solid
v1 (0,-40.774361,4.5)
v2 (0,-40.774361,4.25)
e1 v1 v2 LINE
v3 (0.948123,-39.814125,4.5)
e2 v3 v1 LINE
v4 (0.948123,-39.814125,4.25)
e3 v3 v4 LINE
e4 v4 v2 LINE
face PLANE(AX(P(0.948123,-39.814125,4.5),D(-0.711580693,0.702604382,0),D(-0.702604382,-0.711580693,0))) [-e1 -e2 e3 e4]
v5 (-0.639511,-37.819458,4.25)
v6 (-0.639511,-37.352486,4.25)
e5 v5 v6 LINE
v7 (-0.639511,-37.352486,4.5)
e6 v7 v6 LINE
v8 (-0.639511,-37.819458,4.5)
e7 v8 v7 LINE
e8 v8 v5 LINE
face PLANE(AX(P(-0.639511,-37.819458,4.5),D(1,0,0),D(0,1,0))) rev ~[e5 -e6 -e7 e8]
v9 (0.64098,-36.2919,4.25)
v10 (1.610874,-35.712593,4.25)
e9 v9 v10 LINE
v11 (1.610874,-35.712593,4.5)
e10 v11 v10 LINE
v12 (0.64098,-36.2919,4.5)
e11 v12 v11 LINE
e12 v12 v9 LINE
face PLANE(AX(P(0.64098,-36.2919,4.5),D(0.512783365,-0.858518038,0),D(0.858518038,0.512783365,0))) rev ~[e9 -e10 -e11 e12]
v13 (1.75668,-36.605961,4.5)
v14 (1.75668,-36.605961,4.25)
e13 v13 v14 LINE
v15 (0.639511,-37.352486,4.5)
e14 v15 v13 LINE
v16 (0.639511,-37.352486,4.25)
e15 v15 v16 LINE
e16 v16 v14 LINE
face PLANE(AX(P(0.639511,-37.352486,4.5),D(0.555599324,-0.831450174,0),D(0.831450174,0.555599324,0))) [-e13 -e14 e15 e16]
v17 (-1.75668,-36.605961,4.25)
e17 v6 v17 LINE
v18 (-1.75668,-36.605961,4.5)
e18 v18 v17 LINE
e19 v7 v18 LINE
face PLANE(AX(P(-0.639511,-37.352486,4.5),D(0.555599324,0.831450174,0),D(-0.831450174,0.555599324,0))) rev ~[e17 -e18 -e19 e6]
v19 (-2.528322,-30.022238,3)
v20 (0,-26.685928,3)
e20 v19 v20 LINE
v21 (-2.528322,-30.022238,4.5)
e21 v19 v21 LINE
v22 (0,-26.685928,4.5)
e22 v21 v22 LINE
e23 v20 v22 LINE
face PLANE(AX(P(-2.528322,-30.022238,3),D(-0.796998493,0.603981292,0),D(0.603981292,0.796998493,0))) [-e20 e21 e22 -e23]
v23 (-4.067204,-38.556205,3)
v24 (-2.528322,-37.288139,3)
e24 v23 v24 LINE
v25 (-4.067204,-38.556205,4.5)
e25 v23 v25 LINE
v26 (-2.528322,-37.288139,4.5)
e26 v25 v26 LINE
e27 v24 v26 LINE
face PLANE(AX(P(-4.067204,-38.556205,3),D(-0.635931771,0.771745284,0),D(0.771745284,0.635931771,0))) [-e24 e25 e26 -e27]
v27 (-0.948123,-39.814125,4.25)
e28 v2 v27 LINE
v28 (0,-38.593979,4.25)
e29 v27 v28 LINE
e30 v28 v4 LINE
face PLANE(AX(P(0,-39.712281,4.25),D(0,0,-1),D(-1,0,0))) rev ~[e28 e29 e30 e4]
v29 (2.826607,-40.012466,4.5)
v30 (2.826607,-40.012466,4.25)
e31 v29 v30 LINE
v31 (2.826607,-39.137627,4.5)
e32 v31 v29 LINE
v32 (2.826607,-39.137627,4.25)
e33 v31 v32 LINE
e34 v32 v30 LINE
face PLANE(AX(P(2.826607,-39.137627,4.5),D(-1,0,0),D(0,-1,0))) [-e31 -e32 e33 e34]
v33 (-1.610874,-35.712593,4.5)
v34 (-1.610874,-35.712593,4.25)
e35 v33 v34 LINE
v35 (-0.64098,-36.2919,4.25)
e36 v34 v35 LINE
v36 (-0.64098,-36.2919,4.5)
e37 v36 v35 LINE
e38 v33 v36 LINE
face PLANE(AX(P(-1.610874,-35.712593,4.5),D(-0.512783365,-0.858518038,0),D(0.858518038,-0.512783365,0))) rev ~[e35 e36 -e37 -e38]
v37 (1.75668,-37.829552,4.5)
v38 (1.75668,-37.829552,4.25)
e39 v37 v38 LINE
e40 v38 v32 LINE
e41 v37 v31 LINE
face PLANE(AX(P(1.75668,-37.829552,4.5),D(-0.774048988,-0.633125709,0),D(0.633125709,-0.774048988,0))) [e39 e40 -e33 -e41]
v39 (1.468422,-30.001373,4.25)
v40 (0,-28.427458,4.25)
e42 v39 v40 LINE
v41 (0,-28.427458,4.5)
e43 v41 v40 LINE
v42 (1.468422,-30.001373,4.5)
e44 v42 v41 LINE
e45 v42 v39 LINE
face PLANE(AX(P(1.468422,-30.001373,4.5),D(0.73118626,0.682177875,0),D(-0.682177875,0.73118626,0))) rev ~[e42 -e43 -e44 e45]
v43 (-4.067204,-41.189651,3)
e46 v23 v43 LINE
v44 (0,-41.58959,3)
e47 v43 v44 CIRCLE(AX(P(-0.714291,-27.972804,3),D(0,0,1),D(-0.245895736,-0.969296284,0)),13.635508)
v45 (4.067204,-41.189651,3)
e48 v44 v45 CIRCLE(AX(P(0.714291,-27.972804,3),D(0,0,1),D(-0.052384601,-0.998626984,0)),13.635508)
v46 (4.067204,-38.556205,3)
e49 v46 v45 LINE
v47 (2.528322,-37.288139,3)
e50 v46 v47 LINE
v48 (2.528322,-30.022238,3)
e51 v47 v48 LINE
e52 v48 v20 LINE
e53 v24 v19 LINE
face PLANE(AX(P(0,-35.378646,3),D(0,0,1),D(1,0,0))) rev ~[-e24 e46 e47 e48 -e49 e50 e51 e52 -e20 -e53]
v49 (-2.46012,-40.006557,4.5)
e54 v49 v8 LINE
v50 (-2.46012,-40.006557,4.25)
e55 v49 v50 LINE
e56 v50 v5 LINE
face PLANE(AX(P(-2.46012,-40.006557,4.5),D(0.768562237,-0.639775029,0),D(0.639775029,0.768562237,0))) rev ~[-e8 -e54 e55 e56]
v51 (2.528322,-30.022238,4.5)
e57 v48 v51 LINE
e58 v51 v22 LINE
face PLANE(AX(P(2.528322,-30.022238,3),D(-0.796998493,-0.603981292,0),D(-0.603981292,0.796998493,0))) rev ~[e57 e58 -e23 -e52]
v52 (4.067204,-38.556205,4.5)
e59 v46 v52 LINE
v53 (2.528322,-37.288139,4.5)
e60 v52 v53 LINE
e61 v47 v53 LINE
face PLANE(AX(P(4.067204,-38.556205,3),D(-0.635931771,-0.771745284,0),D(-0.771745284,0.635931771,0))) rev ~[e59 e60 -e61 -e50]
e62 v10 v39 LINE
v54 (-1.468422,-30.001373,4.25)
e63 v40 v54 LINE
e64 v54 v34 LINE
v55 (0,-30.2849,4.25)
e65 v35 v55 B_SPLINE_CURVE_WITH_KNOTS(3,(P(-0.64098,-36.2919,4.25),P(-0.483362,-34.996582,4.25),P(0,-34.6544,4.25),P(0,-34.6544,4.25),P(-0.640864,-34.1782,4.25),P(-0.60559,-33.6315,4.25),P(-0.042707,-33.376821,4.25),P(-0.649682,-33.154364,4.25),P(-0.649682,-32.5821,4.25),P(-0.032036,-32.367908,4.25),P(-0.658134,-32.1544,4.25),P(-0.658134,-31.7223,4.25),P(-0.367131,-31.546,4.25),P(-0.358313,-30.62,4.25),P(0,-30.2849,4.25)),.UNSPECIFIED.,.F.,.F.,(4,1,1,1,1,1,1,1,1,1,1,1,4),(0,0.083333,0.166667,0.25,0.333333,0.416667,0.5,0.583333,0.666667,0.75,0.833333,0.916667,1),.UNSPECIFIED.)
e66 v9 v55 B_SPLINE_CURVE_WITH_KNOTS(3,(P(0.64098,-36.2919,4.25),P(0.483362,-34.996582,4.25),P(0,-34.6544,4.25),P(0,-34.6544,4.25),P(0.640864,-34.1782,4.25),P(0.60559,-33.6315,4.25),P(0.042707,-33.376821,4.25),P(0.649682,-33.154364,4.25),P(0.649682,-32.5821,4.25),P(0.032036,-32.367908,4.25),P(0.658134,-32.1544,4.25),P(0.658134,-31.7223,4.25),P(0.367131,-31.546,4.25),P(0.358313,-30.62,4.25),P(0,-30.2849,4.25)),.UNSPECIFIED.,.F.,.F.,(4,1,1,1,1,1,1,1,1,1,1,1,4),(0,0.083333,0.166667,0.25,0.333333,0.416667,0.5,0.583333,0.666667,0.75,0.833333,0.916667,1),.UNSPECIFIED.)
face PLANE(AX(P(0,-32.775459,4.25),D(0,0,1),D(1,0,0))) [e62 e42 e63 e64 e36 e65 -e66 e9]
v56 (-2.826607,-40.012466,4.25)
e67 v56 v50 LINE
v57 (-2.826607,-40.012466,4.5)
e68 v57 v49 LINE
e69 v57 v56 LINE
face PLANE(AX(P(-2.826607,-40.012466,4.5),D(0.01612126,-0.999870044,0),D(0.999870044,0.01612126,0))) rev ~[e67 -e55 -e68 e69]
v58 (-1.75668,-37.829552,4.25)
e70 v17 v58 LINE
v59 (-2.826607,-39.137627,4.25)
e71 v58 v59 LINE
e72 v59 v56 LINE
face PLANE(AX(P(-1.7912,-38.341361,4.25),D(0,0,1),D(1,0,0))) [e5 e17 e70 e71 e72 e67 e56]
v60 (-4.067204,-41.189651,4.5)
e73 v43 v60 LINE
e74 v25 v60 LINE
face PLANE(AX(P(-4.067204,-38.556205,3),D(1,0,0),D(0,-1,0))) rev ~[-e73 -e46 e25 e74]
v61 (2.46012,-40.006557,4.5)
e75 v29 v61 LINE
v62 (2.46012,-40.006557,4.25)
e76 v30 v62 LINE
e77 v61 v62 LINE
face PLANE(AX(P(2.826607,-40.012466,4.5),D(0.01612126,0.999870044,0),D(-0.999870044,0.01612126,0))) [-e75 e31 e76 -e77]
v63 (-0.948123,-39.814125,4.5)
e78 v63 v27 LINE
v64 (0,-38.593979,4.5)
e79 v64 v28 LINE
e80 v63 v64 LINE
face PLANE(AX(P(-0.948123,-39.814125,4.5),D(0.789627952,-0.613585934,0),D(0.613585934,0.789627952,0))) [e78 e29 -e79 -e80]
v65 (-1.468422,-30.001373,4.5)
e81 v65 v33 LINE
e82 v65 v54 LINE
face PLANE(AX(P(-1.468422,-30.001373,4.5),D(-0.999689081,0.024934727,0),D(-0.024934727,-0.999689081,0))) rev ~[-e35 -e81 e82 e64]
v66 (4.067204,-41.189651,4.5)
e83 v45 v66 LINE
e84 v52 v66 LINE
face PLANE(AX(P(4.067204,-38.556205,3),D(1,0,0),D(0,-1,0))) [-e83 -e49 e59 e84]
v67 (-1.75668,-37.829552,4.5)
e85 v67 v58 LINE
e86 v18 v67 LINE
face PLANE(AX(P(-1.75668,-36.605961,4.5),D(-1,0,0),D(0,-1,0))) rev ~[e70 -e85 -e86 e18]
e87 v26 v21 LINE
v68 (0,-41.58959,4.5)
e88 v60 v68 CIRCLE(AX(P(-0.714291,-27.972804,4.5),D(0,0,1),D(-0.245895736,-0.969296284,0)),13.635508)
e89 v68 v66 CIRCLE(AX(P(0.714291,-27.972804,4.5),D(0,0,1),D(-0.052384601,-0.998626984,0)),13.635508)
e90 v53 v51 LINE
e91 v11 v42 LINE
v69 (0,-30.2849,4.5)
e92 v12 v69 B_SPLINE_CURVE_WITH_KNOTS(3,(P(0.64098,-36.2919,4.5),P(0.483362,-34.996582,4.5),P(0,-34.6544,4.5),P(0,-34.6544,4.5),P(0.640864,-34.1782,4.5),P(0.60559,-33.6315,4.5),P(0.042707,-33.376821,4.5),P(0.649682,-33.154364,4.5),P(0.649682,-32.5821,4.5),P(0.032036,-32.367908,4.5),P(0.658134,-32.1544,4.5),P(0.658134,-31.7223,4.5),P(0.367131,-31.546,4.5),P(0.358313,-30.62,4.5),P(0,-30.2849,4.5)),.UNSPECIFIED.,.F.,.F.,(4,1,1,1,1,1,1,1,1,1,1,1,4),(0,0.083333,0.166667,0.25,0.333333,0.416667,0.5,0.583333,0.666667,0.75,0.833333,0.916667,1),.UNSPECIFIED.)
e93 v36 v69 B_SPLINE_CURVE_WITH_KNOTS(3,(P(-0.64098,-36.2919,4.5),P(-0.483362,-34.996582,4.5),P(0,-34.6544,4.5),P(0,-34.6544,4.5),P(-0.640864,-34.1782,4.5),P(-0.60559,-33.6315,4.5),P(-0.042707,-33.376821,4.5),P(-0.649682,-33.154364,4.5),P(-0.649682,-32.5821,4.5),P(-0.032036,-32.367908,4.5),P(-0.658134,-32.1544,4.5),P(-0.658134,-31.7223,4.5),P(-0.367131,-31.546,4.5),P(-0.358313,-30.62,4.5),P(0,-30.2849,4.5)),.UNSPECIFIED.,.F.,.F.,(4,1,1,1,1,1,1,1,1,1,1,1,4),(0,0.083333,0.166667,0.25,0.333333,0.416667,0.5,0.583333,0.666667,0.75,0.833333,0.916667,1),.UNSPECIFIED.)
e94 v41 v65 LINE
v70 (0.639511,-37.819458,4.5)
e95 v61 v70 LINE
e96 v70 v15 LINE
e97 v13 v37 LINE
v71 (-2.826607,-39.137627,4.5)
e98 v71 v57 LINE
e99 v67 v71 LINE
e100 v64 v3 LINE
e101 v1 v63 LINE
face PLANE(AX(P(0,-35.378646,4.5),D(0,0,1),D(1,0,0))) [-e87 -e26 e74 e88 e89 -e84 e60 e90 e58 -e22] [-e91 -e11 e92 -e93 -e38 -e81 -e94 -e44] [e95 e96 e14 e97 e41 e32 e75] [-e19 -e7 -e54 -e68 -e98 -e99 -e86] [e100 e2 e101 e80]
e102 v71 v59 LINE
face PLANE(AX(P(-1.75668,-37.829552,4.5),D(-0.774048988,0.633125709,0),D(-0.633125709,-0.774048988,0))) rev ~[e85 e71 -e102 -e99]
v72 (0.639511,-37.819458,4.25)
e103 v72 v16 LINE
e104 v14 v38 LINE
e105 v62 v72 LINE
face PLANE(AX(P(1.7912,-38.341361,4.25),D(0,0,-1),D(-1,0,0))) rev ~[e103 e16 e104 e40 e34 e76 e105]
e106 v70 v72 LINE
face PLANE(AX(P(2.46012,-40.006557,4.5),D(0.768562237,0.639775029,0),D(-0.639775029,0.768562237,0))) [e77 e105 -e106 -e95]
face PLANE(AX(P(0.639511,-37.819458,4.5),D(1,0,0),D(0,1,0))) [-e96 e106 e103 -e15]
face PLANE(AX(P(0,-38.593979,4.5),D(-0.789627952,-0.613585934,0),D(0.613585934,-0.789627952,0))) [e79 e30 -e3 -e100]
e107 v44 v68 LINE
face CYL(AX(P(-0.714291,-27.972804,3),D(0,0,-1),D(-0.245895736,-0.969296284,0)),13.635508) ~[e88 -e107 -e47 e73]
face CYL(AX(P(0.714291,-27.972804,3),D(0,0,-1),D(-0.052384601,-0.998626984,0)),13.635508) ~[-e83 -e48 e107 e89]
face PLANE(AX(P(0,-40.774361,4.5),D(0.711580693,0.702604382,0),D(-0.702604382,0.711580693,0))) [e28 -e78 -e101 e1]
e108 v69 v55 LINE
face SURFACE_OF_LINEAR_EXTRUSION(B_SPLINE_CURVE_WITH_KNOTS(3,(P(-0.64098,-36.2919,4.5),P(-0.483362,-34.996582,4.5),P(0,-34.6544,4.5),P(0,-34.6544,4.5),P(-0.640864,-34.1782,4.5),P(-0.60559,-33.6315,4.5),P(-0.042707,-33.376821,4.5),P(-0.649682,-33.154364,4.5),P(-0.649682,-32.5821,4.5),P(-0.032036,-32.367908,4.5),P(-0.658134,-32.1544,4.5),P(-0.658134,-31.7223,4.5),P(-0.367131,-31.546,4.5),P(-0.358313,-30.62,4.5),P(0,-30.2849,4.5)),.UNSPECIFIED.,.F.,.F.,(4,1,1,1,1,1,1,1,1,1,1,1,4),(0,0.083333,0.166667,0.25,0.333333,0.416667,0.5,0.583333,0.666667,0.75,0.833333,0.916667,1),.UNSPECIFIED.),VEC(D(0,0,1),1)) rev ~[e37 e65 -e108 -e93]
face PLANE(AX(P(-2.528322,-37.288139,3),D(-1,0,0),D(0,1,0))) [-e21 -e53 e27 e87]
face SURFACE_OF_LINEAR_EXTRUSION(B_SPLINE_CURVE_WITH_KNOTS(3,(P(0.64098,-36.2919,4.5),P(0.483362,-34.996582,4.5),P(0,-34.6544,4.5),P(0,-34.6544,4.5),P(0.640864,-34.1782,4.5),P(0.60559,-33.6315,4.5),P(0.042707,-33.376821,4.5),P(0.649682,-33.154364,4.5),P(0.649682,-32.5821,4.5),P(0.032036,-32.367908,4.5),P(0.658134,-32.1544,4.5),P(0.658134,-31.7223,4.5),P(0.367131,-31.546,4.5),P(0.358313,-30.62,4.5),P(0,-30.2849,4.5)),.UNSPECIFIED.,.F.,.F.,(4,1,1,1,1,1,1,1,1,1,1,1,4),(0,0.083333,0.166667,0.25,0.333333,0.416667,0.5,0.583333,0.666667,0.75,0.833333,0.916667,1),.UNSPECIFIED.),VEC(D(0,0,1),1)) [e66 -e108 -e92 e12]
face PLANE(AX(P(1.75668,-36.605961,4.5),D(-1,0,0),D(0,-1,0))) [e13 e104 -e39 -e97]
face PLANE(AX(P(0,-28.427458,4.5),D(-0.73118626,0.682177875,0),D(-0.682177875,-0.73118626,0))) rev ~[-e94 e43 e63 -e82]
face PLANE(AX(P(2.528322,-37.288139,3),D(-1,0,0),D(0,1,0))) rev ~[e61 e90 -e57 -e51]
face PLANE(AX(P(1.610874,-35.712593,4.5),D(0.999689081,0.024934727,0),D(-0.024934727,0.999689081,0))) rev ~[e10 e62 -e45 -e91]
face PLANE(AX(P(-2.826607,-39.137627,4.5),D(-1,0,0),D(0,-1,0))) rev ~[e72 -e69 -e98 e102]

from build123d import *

# Parameters (mm, degrees)
PAD_DEPTH       = 1.5
POCKET_DEPTH    = 0.25
POCKET001_DEPTH = 0.25
POCKET002_DEPTH = 0.25
POCKET003_DEPTH = 0.25
POCKET004_DEPTH = 0.25


with BuildPart() as part:
    # Sketch007 → Pad (new body)
    with BuildSketch(Plane.XY.offset(1.5)):
        with BuildLine():
            Line((4.067204, -38.556705), (2.528322, -37.288639))
            Line((2.528322, -37.288639), (2.528322, -30.022738))
            Line((2.528322, -30.022738), (0, -26.686428))
            Line((-2.528322, -30.022738), (0, -26.686428))
            Line((-2.528322, -37.288639), (-2.528322, -30.022738))
            Line((-4.067204, -38.556705), (-2.528322, -37.288639))
            Line((-4.067204, -38.556705), (-4.067204, -41.190151))
            ThreePointArc((-4.067204, -41.190151), (-2.048671, -41.543363), (0, -41.59009))
            ThreePointArc((0, -41.59009), (2.048671, -41.543363), (4.067204, -41.190151))
            Line((4.067204, -38.556705), (4.067204, -41.190151))
        make_face()
    extrude(amount=PAD_DEPTH)

    # Sketch008 (on Face12 of Pad) → Pocket (cut)
    with BuildSketch(Plane.XY.offset(3)):
        Polygon((-2.826607, -39.138127), (-2.826607, -40.012966), (-2.46012, -40.007057), (-0.639511, -37.819958), (-0.639511, -37.352986), (-1.75668, -36.606461), (-1.75668, -37.830052), align=None)
    extrude(amount=-POCKET_DEPTH, mode=Mode.SUBTRACT)

    # Sketch008 (on Face12 of Pad) → Pocket001 (cut)
    with BuildSketch(Plane.XY.offset(3)):
        Polygon((-2.826607, -39.138127), (-2.826607, -40.012966), (-2.46012, -40.007057), (-0.639511, -37.819958), (-0.639511, -37.352986), (-1.75668, -36.606461), (-1.75668, -37.830052), align=None)
    extrude(amount=-POCKET001_DEPTH, mode=Mode.SUBTRACT)

    # MirroredSketch → Pocket002 (cut)
    with BuildSketch(Plane.XY.offset(3)):
        Polygon((2.826607, -39.138127), (2.826607, -40.012966), (2.46012, -40.007057), (0.639511, -37.819958), (0.639511, -37.352986), (1.75668, -36.606461), (1.75668, -37.830052), align=None)
    extrude(amount=-POCKET002_DEPTH, mode=Mode.SUBTRACT)

    # Sketch010 → Pocket003 (cut)
    with BuildSketch(Plane.XY.offset(3)):
        Polygon((0, -38.594479), (0.948123, -39.814625), (0, -40.774861), (-0.948123, -39.814625), align=None)
    extrude(amount=-POCKET003_DEPTH, mode=Mode.SUBTRACT)

    # Sketch012 → Pocket004 (cut)
    with BuildSketch(Plane.XY.offset(3)):
        with BuildLine():
            Line((0, -28.427958), (-1.468422, -30.001873))
            Line((-1.468422, -30.001873), (-1.610874, -35.713093))
            Line((-1.610874, -35.713093), (-0.64098, -36.2924))
            add(Edge.make_bspline(
                [(-0.64098, -36.2924), (-0.483362, -34.997082), (0, -34.6549), (0, -34.6549), (-0.640864, -34.1787), (-0.60559, -33.632), (-0.042707, -33.377321), (-0.649682, -33.154864), (-0.649682, -32.5826), (-0.032036, -32.368408), (-0.658134, -32.1549), (-0.658134, -31.7228), (-0.367131, -31.5465), (-0.358313, -30.6205), (0, -30.2854)],
                knots=[0, 0, 0, 0, 0.083333, 0.166667, 0.25, 0.333333, 0.416667, 0.5, 0.583333, 0.666667, 0.75, 0.833333, 0.916667, 1, 1, 1, 1], degree=3))
            add(Edge.make_bspline(
                [(0.64098, -36.2924), (0.483362, -34.997082), (0, -34.6549), (0, -34.6549), (0.640864, -34.1787), (0.60559, -33.632), (0.042707, -33.377321), (0.649682, -33.154864), (0.649682, -32.5826), (0.032036, -32.368408), (0.658134, -32.1549), (0.658134, -31.7228), (0.367131, -31.5465), (0.358313, -30.6205), (0, -30.2854)],
                knots=[0, 0, 0, 0, 0.083333, 0.166667, 0.25, 0.333333, 0.416667, 0.5, 0.583333, 0.666667, 0.75, 0.833333, 0.916667, 1, 1, 1, 1], degree=3))
            Line((0.64098, -36.2924), (1.610874, -35.713093))
            Line((1.610874, -35.713093), (1.468422, -30.001873))
            Line((1.468422, -30.001873), (0, -28.427958))
        make_face()
    extrude(amount=-POCKET004_DEPTH, mode=Mode.SUBTRACT)


with BuildPart() as part_1:
    # Body placement: moved
    add(part.part.moved(Location((0, 0.0005, 1.5))))


solid = part_1.part
